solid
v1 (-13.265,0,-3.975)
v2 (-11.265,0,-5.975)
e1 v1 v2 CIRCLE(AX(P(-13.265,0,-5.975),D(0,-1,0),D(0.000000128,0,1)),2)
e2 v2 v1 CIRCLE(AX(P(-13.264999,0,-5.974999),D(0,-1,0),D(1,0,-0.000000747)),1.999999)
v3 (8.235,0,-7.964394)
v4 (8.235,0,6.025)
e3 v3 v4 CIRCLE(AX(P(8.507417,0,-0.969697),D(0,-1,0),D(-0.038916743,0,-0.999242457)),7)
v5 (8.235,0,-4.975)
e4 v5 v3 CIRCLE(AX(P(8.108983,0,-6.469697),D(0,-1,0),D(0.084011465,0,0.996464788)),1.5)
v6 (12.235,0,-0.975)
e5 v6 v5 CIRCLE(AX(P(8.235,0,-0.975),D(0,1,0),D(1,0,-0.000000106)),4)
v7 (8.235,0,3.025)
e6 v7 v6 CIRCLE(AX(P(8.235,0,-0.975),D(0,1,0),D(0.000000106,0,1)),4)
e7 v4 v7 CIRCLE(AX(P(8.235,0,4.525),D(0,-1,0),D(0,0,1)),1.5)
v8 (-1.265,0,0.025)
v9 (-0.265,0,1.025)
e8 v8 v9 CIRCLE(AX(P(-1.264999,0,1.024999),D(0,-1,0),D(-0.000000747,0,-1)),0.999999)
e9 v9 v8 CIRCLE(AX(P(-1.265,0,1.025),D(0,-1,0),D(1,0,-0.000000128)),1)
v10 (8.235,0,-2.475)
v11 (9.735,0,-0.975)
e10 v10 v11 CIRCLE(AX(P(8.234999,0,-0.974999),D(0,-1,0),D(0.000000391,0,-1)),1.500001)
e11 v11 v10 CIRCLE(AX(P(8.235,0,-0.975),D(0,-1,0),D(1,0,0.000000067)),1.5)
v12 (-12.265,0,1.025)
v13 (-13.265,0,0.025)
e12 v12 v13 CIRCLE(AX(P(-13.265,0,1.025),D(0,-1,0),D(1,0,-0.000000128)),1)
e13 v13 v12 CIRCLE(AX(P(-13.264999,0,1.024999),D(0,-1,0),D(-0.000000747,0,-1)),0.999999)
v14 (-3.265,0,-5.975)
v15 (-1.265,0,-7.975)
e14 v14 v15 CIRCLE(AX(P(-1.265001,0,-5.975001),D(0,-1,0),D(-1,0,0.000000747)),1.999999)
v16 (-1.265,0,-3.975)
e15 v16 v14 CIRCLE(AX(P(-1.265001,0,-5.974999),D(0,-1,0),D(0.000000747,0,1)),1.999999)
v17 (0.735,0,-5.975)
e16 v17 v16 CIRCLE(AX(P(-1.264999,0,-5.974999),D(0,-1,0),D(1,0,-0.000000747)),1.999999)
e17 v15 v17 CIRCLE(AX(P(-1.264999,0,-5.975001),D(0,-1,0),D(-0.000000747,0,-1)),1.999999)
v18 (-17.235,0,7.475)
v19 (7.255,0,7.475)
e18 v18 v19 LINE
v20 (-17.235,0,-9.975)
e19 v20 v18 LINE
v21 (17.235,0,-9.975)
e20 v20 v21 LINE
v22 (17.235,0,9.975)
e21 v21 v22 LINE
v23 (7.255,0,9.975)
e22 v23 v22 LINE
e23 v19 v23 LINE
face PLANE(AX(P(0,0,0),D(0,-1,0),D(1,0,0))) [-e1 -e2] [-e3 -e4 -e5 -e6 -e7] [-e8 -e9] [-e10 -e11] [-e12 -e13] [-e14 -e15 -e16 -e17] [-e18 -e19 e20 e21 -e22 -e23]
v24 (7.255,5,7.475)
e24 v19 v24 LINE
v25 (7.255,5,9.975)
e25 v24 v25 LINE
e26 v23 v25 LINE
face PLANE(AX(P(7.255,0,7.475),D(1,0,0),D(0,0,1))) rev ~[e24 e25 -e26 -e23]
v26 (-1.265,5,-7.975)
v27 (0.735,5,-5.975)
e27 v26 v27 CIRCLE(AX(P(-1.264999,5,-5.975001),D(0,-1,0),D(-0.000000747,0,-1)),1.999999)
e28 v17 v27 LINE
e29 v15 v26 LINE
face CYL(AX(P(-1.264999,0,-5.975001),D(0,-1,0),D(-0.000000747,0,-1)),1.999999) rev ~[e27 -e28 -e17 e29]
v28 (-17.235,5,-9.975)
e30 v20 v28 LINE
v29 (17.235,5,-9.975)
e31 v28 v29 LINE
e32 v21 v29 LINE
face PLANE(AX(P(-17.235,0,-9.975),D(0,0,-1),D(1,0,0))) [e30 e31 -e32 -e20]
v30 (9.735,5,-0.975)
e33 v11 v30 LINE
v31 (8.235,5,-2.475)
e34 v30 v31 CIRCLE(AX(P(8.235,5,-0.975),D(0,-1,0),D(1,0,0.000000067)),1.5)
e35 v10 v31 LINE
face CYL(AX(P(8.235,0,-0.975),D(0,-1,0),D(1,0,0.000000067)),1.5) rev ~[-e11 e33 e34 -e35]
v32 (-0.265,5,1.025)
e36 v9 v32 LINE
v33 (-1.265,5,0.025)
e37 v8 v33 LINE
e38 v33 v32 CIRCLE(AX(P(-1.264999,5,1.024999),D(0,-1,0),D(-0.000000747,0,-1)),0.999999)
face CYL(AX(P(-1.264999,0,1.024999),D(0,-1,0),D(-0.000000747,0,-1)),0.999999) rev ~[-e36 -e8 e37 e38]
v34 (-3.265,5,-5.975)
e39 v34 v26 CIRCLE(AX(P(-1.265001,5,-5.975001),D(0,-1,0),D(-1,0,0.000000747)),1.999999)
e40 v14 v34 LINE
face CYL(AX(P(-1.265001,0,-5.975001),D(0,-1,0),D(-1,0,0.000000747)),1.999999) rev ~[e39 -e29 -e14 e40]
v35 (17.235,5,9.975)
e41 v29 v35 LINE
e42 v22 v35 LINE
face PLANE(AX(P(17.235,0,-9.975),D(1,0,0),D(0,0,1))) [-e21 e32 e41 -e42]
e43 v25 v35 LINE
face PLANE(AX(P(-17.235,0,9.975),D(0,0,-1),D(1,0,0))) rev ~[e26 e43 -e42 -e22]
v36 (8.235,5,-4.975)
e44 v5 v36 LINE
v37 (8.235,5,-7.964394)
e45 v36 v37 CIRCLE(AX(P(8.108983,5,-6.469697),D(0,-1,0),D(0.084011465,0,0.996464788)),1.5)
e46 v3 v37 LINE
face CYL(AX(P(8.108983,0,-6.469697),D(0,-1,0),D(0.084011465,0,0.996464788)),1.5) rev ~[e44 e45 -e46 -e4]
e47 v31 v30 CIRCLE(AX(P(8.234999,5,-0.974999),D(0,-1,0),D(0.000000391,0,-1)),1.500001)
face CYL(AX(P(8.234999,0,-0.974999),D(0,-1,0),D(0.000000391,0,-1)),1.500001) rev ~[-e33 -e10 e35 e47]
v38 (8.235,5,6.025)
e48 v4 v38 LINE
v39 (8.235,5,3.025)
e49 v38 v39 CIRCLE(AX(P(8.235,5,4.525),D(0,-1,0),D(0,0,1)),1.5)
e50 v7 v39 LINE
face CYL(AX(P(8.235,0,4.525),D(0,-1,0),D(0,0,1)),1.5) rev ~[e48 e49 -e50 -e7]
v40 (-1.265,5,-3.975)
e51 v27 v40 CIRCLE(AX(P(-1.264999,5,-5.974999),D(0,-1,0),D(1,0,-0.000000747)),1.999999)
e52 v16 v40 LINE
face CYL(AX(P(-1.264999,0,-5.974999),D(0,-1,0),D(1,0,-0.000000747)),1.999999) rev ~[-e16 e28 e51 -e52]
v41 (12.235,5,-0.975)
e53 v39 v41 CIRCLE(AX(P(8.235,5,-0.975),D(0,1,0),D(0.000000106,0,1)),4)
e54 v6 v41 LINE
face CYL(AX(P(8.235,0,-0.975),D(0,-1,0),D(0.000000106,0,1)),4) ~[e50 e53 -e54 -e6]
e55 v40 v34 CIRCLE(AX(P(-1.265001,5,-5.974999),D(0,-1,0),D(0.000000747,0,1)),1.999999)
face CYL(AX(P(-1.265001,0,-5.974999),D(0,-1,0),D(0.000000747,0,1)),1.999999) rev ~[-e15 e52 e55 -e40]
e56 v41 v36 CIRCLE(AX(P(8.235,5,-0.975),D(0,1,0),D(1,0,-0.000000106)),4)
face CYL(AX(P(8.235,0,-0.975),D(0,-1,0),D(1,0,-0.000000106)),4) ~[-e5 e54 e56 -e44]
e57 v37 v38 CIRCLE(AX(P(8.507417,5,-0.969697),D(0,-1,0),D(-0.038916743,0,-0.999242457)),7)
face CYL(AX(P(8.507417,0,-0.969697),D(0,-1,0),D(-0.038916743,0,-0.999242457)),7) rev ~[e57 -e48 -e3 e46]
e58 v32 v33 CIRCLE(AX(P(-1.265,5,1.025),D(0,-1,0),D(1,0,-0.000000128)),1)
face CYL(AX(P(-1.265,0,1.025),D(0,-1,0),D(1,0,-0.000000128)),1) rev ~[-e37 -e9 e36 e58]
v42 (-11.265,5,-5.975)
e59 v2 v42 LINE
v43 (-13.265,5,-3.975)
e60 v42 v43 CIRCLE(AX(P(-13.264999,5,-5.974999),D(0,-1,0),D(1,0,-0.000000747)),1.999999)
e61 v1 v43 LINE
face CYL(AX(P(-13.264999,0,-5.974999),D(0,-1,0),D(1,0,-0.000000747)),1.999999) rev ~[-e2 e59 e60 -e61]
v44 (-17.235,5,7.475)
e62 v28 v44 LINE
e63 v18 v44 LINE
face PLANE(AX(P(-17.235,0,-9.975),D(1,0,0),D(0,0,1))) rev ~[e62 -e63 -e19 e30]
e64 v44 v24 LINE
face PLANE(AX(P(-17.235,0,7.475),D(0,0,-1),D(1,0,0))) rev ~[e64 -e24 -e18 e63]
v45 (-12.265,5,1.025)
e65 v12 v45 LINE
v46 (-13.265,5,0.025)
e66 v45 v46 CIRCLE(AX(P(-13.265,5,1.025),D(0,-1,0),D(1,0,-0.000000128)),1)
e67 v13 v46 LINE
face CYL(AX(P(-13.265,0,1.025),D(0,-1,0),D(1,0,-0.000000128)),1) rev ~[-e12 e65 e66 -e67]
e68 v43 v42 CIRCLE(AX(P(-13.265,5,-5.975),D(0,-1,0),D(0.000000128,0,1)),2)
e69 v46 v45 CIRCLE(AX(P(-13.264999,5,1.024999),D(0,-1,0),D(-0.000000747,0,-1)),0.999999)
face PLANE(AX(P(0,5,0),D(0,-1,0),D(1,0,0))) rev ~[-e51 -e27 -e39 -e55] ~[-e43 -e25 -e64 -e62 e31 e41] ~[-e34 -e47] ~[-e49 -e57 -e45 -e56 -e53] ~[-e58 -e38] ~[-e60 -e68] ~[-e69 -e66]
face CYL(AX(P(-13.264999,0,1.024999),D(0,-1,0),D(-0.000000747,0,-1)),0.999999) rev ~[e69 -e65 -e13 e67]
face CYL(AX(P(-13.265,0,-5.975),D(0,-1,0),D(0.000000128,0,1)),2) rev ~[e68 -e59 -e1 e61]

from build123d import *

# Parameters (mm, degrees)
F0_W     = 34.47
F0_H     = 19.95
F1_DEPTH = 5
F2_W     = 24.49
F2_H     = 2.5
F3_DEPTH = 5
F5_DEPTH = 5
F7_DEPTH = 5


with BuildPart() as f1:
    # F0 (on Front) → F1 (new body)
    with BuildSketch(Plane.XZ):
        Rectangle(F0_W, F0_H)
    extrude(amount=-F1_DEPTH)

    # F2 (on face) → F3 (cut, through all)
    with BuildSketch(Plane.XZ):
        with Locations((-4.99, 8.725)):
            Rectangle(F2_W, F2_H)
    extrude(amount=-F3_DEPTH, mode=Mode.SUBTRACT)

    # F4 (on face) → F5 (cut, through all)
    with BuildSketch(Plane.XZ):
        with BuildLine():
            ThreePointArc((-3.265, -5.975), (-2.679214, -7.389214), (-1.265, -7.975))
            Line((-1.265, -7.975), (-1.265, -5.975))
            Line((-1.265, -5.975), (-3.265, -5.975))
        make_face()
        with BuildLine():
            ThreePointArc((-12.265, 1.025), (-13.972107, 1.732107), (-13.265, 0.025))
            ThreePointArc((-13.265, 0.025), (-12.557893, 0.317893), (-12.265, 1.025))
        make_face()
        with BuildLine():
            ThreePointArc((-13.265, -3.975), (-14.679214, -7.389214), (-11.265, -5.975))
            Line((-11.265, -5.975), (-13.265, -5.975))
            Line((-13.265, -5.975), (-13.265, -3.975))
        make_face()
        with BuildLine():
            Line((-13.265, -5.975), (-11.265, -5.975))
            ThreePointArc((-11.265, -5.975), (-11.850786, -4.560786), (-13.265, -3.975))
            Line((-13.265, -3.975), (-13.265, -5.975))
        make_face()
        with BuildLine():
            ThreePointArc((-0.265, 1.025), (-1.972107, 1.732107), (-1.265, 0.025))
            ThreePointArc((-1.265, 0.025), (-0.557893, 0.317893), (-0.265, 1.025))
        make_face()
        with BuildLine():
            Line((-1.265, -5.975), (-1.265, -7.975))
            ThreePointArc((-1.265, -7.975), (0.149214, -7.389214), (0.735, -5.975))
            ThreePointArc((0.735, -5.975), (0.149214, -4.560786), (-1.265, -3.975))
            Line((-1.265, -3.975), (-1.265, -5.975))
        make_face()
        with BuildLine():
            Line((-3.265, -5.975), (-1.265, -5.975))
            Line((-1.265, -5.975), (-1.265, -3.975))
            ThreePointArc((-1.265, -3.975), (-2.679214, -4.560786), (-3.265, -5.975))
        make_face()
    extrude(amount=-F5_DEPTH, mode=Mode.SUBTRACT)

    # F6 (on face) → F7 (cut, through all)
    with BuildSketch(Plane.XZ):
        with BuildLine():
            ThreePointArc((8.235, -4.975), (6.608983, -6.469697), (8.235, -7.964394))
            Line((8.235, -7.964394), (8.235, -4.975))
        make_face()
        with BuildLine():
            Line((8.235, -4.975), (8.235, -7.964394))
            ThreePointArc((8.235, -7.964394), (15.507417, -0.969697), (8.235, 6.025))
            ThreePointArc((8.235, 6.025), (6.735, 4.525), (8.235, 3.025))
            ThreePointArc((8.235, 3.025), (11.063427, 1.853427), (12.235, -0.975))
            ThreePointArc((12.235, -0.975), (11.063427, -3.803427), (8.235, -4.975))
        make_face()
        with BuildLine():
            ThreePointArc((9.735, -0.975), (7.17434, 0.08566), (8.235, -2.475))
            ThreePointArc((8.235, -2.475), (9.29566, -2.03566), (9.735, -0.975))
        make_face()
    extrude(amount=-F7_DEPTH, mode=Mode.SUBTRACT)


solid = f1.part
